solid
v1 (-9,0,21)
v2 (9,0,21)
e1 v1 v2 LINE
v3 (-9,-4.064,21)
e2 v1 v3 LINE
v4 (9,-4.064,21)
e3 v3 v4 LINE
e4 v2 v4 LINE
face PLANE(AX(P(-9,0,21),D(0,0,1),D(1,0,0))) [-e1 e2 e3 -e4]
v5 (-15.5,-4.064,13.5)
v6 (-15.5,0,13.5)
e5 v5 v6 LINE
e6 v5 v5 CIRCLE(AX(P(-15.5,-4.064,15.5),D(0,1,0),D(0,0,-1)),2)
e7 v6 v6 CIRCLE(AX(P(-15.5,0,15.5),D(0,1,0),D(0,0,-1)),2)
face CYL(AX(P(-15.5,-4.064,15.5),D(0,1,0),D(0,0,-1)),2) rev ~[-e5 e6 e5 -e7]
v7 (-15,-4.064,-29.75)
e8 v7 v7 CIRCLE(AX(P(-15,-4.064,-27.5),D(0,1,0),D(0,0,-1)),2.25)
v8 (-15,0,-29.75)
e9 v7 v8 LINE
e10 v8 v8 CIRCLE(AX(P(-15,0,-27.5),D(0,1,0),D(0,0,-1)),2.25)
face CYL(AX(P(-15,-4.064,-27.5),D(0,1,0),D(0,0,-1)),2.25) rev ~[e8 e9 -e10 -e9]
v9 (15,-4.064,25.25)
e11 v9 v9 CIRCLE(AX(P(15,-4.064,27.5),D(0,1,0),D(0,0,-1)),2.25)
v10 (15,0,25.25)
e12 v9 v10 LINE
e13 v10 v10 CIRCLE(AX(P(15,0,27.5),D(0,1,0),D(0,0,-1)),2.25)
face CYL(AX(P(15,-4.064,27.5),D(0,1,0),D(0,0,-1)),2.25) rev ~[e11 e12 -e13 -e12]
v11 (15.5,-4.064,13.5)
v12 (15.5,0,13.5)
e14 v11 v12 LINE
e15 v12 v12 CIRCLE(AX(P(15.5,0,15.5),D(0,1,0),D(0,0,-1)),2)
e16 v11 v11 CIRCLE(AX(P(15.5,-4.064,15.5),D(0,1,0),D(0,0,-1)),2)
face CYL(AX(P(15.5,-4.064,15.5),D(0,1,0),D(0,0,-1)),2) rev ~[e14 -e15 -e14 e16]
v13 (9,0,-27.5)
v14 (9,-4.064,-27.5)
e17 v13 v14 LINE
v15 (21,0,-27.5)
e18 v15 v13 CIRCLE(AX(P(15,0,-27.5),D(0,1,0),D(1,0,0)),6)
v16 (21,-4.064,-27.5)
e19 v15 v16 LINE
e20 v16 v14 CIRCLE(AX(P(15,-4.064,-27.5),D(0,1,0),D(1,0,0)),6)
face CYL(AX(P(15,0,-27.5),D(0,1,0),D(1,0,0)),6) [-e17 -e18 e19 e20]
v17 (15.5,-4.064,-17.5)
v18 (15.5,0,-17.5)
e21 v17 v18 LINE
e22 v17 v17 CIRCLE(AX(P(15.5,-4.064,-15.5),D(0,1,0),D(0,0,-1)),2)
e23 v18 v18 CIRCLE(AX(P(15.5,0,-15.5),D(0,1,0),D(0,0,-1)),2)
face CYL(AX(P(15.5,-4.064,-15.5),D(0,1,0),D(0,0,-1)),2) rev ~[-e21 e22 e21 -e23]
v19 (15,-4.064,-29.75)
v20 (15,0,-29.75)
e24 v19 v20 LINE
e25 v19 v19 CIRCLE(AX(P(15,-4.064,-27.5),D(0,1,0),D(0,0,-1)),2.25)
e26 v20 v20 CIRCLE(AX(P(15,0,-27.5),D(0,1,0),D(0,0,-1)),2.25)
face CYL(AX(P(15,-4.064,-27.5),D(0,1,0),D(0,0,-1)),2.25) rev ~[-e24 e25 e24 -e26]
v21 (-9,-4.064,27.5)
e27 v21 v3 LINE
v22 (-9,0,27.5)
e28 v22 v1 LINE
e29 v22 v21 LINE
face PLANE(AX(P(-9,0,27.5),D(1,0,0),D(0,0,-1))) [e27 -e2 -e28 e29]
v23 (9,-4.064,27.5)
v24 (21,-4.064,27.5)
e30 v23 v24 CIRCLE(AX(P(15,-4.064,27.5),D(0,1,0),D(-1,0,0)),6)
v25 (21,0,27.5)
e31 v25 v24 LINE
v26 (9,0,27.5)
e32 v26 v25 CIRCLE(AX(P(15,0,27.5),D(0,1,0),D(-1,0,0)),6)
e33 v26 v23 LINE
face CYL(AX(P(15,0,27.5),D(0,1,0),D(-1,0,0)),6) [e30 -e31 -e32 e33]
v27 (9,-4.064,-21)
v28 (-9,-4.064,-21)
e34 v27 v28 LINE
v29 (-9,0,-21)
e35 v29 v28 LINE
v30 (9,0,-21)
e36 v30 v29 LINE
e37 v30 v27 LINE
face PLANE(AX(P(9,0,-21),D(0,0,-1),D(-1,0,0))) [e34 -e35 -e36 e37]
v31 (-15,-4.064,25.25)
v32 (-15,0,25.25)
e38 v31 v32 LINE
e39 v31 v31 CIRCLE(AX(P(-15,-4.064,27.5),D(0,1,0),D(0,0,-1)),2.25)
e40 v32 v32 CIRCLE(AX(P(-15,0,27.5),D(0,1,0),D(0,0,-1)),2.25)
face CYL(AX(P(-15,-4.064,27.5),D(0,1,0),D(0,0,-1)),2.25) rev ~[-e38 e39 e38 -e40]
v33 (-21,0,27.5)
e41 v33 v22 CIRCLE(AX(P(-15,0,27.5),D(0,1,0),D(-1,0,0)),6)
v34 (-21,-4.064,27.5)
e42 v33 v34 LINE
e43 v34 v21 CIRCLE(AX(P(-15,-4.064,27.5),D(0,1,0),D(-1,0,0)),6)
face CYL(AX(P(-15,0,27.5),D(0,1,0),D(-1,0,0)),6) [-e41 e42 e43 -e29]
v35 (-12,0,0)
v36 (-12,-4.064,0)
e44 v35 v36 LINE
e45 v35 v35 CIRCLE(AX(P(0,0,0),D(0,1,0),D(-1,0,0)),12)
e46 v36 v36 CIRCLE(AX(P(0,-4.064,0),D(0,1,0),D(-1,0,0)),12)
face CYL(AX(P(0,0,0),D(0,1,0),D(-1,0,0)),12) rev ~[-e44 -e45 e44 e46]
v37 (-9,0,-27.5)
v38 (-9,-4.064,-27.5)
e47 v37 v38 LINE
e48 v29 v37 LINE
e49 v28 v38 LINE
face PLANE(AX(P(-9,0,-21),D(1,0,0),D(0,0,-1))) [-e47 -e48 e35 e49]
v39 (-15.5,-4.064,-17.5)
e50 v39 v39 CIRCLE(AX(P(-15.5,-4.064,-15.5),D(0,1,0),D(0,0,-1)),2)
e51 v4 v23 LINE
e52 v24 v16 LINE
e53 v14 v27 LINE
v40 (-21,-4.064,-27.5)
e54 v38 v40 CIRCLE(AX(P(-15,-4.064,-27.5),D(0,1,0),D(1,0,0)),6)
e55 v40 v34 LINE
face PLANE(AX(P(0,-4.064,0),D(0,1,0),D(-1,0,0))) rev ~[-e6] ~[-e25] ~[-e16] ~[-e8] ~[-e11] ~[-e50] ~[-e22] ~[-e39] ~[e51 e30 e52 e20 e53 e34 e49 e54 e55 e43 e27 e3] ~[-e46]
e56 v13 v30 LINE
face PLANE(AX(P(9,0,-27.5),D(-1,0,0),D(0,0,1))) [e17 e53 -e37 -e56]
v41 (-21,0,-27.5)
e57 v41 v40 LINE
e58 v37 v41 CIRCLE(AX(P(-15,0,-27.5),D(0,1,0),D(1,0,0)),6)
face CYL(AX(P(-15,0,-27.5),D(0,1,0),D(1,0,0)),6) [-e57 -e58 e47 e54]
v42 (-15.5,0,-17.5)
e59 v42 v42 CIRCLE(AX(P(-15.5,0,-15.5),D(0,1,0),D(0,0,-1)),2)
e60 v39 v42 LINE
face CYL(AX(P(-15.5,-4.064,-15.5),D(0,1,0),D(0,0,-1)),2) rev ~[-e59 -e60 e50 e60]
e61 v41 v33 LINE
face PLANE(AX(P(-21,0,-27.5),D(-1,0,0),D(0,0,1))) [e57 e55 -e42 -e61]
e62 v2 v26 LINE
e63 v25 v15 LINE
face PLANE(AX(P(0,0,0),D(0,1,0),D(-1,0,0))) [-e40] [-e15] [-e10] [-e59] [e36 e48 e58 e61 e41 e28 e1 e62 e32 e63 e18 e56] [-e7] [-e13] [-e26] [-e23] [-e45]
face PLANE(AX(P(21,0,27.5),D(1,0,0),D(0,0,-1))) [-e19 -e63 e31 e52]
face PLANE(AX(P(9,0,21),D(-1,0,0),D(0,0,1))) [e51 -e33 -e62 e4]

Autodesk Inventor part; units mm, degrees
ref_plane "YZ Plane" through (0, 0, 0) normal (1, 0, 0) x (0, 1, 0)
ref_plane "XZ Plane" through (0, 0, 0) normal (0, 1, 0) x (-1, 0, 0)
ref_plane "XY Plane" through (0, 0, 0) normal (0, 0, 1) x (1, 0, 0)
sketch "Sketch1" plane through (0, 0, 0) normal (0, 1, 0) x (-1, 0, 0)
  arc A0 (9, -27.5) -> (21, -27.5) centre (15, -27.5) ccw
  arc A1 (-9, 27.5) -> (-21, 27.5) centre (-15, 27.5) ccw
  arc A2 (21, 27.5) -> (9, 27.5) centre (15, 27.5) ccw
  arc A3 (-21, -27.5) -> (-9, -27.5) centre (-15, -27.5) ccw
  line L0 (-9, 21) -> (-9, 27.5)
  line L1 (-9, -21) -> (9, -21)
  circle A4 centre (0, 0) radius 12
  line L2 (21, -27.5) -> (21, 27.5)
  line L3 (-21, 27.5) -> (-21, -27.5)
  line L4 (9, 21) -> (-9, 21)
  line L5 (9, -21) -> (9, -27.5)
  line L6 (-9, -27.5) -> (-9, -21)
  line L7 (9, 27.5) -> (9, 21)
extrude "Extrusion1" add sketch "Sketch1" against normal blind 4.064
hole "Hole8" at (-15.5, -4.064, -15.5) direction (0, 1, 0) diameter 4 depth 4.064
hole "Hole7" at (-15.5, -4.064, 15.5) direction (0, 1, 0) diameter 4 depth 4.064
hole "Hole6" at (15.5, -4.064, 15.5) direction (0, 1, 0) diameter 4 depth 4.064
hole "Hole5" at (15.5, -4.064, -15.5) direction (0, 1, 0) diameter 4 depth 4.064
sketch "Sketch5" plane through (0, -4.064, 0) normal (0, -1, 0) x (1, 0, 0)
  point P0 (15.5, -15.5)
hole "Hole4" at (15, -4.064, -27.5) direction (0, 1, 0) diameter 4.5 depth 4.064
sketch "Sketch4" plane through (0, -4.064, 0) normal (0, -1, 0) x (1, 0, 0)
  point P0 (15.5, 15.5)
hole "Hole3" at (15, -4.064, 27.5) direction (0, 1, 0) diameter 4.5 depth 4.064
sketch "Sketch3" plane through (0, -4.064, 0) normal (0, -1, 0) x (1, 0, 0)
  point P0 (-15.5, 15.5)
hole "Hole2" at (-15, -4.064, 27.5) direction (0, 1, 0) diameter 4.5 depth 4.064
sketch "Sketch2" plane through (0, -4.064, 0) normal (0, -1, 0) x (1, 0, 0)
  point P0 (-15.5, -15.5)
hole "Hole1" at (-15, -4.064, -27.5) direction (0, 1, 0) diameter 4.5 depth 4.064
sketch "Sketch6" plane through (0, -4.064, 0) normal (0, -1, 0) x (1, 0, 0)
  point P0 (15, -27.5)
sketch "Sketch7" plane through (0, -4.064, 0) normal (0, -1, 0) x (1, 0, 0)
  point P0 (15, 27.5)
sketch "Sketch8" plane through (0, -4.064, 0) normal (0, -1, 0) x (1, 0, 0)
  point P0 (-15, 27.5)
sketch "Sketch9" plane through (0, -4.064, 0) normal (0, -1, 0) x (1, 0, 0)
  point P0 (-15, -27.5)
properties part number "Piston Motor holder" material "Aluminum 6061"
